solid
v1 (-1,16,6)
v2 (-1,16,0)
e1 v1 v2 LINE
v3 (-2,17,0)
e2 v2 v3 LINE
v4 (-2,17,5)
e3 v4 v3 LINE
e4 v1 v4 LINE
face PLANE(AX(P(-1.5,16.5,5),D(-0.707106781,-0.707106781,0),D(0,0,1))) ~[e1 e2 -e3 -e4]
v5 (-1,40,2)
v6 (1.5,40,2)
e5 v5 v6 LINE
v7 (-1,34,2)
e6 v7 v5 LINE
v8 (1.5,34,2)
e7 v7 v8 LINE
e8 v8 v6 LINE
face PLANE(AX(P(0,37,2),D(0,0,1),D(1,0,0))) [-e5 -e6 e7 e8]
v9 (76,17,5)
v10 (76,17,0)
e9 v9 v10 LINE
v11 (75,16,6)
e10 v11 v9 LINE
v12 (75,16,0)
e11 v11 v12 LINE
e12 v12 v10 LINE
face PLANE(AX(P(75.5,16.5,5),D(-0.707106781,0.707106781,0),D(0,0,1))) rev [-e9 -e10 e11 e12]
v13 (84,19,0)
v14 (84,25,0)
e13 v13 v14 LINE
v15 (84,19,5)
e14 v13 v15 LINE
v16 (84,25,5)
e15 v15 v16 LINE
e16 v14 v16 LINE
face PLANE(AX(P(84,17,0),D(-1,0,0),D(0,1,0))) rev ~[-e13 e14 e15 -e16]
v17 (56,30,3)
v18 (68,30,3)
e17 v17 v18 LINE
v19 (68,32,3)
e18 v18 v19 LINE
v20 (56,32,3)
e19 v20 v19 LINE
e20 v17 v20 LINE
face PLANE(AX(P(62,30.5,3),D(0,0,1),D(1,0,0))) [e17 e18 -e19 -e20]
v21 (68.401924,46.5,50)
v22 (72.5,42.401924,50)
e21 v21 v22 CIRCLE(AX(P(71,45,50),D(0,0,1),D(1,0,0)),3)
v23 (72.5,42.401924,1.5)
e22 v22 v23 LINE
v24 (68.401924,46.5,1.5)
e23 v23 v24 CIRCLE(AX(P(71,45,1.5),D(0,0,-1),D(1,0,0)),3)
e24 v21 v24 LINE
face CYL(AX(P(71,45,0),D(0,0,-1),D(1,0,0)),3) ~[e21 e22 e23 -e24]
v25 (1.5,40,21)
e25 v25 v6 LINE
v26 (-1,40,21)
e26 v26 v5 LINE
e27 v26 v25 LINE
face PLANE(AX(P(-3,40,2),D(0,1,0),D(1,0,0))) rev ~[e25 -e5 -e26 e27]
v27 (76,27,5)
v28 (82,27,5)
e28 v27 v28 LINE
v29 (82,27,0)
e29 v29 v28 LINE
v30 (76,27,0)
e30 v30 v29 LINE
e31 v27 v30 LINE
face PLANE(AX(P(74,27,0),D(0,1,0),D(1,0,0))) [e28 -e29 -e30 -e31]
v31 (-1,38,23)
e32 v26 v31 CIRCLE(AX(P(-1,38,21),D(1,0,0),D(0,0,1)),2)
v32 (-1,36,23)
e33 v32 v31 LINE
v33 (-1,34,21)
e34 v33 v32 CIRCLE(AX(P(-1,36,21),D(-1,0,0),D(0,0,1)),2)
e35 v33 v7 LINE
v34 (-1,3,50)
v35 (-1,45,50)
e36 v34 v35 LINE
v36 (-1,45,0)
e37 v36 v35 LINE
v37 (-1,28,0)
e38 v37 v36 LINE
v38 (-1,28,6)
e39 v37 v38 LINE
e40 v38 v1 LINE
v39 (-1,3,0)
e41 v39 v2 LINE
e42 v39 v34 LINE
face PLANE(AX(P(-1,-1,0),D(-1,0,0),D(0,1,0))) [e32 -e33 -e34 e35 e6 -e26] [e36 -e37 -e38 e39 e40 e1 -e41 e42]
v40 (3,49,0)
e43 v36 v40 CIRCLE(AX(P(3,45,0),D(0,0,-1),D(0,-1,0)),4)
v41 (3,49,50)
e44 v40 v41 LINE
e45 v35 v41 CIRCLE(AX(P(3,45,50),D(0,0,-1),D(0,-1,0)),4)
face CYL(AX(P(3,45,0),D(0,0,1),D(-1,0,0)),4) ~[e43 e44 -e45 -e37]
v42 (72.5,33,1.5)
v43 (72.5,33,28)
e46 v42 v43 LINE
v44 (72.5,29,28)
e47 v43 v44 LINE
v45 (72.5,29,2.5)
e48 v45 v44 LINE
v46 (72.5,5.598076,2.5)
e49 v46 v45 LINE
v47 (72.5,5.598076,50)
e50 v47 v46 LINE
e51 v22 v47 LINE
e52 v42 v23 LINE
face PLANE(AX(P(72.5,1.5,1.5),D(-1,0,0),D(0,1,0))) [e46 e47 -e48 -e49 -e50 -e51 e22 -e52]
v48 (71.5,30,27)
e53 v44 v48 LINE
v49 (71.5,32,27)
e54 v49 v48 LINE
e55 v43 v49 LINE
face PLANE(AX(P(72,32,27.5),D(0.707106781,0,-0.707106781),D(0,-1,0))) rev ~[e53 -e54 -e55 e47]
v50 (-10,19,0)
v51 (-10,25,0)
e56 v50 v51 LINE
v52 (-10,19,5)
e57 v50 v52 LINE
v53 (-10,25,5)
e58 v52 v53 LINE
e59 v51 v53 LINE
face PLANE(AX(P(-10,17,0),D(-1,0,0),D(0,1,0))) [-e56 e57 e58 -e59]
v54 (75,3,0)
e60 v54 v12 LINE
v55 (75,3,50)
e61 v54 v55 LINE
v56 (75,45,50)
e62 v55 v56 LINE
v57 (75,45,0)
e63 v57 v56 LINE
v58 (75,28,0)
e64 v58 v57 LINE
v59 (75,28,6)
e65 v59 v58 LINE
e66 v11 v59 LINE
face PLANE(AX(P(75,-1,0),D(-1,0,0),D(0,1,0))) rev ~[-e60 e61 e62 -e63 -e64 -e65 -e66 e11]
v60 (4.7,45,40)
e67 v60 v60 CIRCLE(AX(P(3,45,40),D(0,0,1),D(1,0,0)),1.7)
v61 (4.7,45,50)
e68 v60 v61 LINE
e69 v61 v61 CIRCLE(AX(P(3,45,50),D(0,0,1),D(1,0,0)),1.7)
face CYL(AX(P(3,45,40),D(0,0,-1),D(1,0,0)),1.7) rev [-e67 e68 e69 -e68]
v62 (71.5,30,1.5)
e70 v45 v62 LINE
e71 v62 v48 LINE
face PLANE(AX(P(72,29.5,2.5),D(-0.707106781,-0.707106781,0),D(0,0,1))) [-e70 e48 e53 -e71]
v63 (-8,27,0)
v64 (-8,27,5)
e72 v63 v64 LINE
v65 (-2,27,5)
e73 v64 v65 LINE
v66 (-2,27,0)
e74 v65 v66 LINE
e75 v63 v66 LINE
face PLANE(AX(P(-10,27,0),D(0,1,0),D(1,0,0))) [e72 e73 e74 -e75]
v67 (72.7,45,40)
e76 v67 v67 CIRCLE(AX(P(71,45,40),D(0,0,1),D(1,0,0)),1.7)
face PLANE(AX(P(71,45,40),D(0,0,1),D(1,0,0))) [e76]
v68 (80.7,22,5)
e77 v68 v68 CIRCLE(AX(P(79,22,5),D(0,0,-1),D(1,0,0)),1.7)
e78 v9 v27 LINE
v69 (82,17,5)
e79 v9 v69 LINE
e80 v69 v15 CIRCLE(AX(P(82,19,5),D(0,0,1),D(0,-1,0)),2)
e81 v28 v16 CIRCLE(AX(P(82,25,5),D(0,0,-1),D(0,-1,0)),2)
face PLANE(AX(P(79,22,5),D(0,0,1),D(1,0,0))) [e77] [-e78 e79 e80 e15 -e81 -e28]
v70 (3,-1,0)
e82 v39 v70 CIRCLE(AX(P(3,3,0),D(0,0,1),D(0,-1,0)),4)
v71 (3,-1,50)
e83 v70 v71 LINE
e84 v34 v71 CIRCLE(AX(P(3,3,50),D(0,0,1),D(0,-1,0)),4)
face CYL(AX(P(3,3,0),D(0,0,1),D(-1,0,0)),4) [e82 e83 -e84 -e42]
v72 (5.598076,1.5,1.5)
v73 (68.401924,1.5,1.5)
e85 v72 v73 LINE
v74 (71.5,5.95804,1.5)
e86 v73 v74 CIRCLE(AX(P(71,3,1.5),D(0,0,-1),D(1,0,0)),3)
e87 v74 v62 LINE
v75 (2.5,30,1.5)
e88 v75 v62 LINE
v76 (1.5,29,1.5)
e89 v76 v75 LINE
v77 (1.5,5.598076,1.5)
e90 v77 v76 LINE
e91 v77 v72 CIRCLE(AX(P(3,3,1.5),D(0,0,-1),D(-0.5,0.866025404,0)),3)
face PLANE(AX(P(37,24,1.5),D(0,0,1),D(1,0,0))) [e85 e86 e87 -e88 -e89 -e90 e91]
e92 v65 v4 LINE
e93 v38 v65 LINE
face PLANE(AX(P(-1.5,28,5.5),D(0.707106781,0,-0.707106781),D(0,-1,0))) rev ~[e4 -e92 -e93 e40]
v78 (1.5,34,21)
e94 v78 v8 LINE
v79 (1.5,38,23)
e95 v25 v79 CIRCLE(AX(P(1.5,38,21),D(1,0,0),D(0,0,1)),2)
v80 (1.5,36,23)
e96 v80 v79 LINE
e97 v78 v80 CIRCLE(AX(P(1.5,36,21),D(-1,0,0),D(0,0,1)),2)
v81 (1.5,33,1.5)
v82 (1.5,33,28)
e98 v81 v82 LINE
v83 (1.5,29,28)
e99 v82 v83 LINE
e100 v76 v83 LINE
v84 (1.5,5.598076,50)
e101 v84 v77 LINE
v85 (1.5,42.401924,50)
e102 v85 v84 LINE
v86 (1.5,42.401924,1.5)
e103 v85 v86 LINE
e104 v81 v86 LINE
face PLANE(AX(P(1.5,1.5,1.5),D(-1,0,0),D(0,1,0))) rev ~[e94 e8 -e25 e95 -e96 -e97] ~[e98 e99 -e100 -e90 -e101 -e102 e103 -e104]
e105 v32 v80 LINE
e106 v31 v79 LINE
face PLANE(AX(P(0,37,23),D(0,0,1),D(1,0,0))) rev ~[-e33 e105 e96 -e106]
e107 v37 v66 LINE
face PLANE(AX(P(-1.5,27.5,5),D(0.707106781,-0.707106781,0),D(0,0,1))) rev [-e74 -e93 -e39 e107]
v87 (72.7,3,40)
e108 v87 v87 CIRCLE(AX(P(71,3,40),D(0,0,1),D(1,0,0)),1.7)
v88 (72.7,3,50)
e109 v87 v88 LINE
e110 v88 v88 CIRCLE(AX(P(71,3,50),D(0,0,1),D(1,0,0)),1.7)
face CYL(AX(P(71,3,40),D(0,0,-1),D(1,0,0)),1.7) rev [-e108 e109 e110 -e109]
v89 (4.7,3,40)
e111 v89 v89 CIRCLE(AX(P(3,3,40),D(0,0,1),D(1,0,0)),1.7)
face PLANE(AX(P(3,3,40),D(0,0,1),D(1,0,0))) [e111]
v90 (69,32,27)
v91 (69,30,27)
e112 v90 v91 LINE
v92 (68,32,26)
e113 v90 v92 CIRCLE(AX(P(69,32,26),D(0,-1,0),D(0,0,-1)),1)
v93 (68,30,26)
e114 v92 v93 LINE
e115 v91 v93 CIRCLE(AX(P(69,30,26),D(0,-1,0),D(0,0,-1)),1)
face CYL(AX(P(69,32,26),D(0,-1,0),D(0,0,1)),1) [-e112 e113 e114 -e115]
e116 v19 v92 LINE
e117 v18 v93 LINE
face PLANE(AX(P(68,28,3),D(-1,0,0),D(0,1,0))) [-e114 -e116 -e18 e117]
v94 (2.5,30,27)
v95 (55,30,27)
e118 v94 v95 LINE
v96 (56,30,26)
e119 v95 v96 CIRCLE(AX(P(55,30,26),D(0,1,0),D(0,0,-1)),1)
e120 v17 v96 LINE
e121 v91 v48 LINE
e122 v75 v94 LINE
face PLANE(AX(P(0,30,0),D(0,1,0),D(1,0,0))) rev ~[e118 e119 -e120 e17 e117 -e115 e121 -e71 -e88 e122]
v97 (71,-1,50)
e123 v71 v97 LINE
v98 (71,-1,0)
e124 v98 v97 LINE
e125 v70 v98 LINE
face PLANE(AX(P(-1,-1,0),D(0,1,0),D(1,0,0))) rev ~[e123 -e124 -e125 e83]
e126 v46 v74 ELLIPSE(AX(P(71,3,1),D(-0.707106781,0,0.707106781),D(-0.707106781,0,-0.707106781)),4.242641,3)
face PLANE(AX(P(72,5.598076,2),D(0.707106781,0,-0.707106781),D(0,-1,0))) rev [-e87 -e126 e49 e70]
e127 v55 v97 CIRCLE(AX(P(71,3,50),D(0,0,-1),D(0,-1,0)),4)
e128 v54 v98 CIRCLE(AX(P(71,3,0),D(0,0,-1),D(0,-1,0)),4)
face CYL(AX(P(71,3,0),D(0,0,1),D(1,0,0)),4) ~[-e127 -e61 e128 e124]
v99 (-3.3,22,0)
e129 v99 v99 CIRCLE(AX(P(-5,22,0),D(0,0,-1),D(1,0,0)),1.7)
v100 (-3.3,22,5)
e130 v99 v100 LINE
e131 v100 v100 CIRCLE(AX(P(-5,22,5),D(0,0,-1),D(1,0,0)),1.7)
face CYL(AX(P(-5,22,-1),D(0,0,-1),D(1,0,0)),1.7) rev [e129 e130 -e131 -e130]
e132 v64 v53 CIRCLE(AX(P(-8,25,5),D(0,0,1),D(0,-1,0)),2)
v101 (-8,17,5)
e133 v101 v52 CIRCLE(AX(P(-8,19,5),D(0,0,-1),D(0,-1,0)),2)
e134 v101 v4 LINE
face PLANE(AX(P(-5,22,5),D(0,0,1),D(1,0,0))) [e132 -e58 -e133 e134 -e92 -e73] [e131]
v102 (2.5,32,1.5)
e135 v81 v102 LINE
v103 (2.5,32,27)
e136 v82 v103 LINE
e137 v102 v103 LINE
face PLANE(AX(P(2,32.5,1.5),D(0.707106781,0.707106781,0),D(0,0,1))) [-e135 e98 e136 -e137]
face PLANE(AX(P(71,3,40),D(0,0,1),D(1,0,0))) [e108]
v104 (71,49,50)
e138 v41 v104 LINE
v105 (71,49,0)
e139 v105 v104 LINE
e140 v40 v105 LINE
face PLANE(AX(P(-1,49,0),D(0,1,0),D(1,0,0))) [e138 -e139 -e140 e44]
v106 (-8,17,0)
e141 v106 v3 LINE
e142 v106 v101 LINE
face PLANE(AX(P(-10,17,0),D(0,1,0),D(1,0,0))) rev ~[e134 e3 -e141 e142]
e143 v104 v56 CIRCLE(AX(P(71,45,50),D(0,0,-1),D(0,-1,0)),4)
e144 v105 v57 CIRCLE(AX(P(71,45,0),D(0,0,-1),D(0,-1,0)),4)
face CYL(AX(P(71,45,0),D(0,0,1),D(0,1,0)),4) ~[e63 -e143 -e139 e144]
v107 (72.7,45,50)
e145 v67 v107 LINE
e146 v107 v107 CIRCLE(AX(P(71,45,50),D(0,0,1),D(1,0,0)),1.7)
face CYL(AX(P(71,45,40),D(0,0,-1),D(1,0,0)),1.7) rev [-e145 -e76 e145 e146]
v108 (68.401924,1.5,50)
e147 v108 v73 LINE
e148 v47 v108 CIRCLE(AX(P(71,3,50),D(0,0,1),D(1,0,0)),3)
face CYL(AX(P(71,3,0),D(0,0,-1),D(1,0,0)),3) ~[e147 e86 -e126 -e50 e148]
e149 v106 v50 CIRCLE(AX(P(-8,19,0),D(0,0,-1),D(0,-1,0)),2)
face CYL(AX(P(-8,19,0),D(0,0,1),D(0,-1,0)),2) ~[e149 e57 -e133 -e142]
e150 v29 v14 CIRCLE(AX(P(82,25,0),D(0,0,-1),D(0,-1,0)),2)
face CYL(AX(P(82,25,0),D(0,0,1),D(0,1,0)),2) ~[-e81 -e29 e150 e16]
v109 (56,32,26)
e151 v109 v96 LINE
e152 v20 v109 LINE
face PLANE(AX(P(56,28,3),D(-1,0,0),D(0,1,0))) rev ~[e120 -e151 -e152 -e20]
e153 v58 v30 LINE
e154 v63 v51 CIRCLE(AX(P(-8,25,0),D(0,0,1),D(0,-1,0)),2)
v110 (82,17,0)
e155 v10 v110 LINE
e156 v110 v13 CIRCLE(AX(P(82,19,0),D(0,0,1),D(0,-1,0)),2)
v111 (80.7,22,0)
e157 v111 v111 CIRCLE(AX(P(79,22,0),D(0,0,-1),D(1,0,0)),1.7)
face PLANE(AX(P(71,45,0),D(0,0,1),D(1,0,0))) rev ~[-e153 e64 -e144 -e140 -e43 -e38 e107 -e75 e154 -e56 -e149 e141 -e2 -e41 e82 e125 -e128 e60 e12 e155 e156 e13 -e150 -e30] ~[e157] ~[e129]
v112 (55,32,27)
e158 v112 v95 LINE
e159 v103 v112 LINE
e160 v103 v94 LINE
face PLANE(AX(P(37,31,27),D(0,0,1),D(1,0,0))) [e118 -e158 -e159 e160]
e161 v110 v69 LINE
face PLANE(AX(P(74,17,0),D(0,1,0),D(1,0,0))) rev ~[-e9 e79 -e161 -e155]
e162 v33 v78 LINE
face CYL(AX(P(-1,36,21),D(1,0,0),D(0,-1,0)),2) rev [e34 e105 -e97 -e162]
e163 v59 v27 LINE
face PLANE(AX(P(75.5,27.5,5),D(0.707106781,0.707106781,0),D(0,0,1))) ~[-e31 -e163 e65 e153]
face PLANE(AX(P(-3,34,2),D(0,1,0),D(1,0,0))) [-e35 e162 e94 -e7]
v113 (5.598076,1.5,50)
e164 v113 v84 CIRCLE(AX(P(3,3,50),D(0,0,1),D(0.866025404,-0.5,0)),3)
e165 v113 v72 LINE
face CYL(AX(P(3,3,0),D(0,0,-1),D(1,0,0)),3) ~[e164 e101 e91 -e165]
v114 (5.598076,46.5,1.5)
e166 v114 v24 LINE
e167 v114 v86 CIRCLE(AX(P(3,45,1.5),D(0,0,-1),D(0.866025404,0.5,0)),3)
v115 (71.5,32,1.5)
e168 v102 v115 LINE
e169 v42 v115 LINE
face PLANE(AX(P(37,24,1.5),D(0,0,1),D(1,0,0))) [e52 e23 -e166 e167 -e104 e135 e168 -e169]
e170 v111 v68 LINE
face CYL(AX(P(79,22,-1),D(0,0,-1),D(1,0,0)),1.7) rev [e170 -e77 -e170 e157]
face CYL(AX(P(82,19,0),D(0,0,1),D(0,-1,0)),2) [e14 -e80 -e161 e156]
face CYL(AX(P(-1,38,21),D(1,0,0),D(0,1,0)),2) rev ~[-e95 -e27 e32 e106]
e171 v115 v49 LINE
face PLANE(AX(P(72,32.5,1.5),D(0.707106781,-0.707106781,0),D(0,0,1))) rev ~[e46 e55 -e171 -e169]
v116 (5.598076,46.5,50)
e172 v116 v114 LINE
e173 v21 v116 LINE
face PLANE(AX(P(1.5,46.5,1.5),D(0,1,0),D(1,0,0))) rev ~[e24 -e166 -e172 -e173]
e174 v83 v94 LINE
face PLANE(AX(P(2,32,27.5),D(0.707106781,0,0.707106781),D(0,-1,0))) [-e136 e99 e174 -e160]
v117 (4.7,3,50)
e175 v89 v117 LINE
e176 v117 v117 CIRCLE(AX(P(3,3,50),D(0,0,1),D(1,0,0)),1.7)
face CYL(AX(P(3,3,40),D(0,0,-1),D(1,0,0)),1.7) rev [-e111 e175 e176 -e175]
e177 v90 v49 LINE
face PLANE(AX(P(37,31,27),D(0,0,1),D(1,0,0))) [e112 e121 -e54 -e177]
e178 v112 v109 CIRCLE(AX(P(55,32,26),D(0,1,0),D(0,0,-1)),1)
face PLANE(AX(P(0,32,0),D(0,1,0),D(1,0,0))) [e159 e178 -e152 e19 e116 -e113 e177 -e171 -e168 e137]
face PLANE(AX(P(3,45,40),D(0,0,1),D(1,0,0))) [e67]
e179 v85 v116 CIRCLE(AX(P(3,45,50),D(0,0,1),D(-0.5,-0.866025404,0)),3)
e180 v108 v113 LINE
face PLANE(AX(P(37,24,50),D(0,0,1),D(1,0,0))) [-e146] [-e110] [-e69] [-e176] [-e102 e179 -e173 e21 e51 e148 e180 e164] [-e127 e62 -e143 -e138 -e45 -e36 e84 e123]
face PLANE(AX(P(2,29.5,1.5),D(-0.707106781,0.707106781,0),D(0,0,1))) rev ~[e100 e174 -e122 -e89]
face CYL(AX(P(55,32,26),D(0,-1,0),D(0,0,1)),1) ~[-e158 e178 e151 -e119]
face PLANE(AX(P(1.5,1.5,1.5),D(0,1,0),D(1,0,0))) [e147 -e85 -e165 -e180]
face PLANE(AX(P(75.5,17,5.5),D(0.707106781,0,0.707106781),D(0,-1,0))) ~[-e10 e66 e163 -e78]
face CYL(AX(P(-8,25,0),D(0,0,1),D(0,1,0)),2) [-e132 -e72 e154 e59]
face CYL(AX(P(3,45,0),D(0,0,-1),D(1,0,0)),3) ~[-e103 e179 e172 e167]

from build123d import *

# Parameters (mm, degrees)
BOX003_W          = 6
BOX003_H          = 6
BOX003_DEPTH      = 21
BOX004_W          = 12
BOX004_H          = 5
BOX004_DEPTH      = 27
CYLINDER003_R     = 1.7
CYLINDER003_DEPTH = 10
CYLINDER005_R     = 1.7
CYLINDER005_DEPTH = 10
CYLINDER007_R     = 1.7
CYLINDER007_DEPTH = 10
CYLINDER001_R     = 1.7
CYLINDER001_DEPTH = 10
BOX001_W          = 71
BOX001_H          = 45
BOX001_DEPTH      = 50
BOX_W             = 76
BOX_H             = 50
BOX_DEPTH         = 50
CYLINDER009_R     = 1.7
CYLINDER009_DEPTH = 10
BOX006_W          = 10
BOX006_H          = 10
BOX006_DEPTH      = 5
CYLINDER008_R     = 1.7
CYLINDER008_DEPTH = 10
BOX005_W          = 10
BOX005_H          = 10
BOX005_DEPTH      = 5
CYLINDER002_R     = 3
CYLINDER002_DEPTH = 50
CYLINDER004_R     = 3
CYLINDER004_DEPTH = 50
CYLINDER006_R     = 3
CYLINDER006_DEPTH = 50
CYLINDER_R        = 3
CYLINDER_DEPTH    = 50
BOX002_W          = 74
BOX002_H          = 2
BOX002_DEPTH      = 27
CHAMFER_SIZE      = 1
CHAMFER002_SIZE   = 1
FILLET_R          = 4
CHAMFER003_SIZE   = 1
FILLET007_1_R     = 2
FILLET007_2_R     = 1


with BuildPart() as entrada_alimentacion:
    # Box003 → Box003 (new body)
    with BuildSketch(Plane(origin=(-3, 34, 2), x_dir=(1, 0, 0), z_dir=(0, 0, 1))):
        with Locations((3, 3)):
            Rectangle(BOX003_W, BOX003_H)
    extrude(amount=BOX003_DEPTH)


with BuildPart() as salida_alimentacion_para_esp:
    # Box004 → Box004 (new body)
    with BuildSketch(Plane(origin=(56, 28, 3), x_dir=(1, 0, 0), z_dir=(0, 0, 1))):
        with Locations((6, 2.5)):
            Rectangle(BOX004_W, BOX004_H)
    extrude(amount=BOX004_DEPTH)


with BuildPart() as orificio_tornillo001:
    # Cylinder003 → Cylinder003 (new body)
    with BuildSketch(Plane(origin=(71, 3, 40), x_dir=(1, 0, 0), z_dir=(0, 0, 1))):
        Circle(CYLINDER003_R)
    extrude(amount=CYLINDER003_DEPTH)


with BuildPart() as orificio_tornillo002:
    # Cylinder005 → Cylinder005 (new body)
    with BuildSketch(Plane(origin=(3, 45, 40), x_dir=(1, 0, 0), z_dir=(0, 0, 1))):
        Circle(CYLINDER005_R)
    extrude(amount=CYLINDER005_DEPTH)


with BuildPart() as orificio_tornillo003:
    # Cylinder007 → Cylinder007 (new body)
    with BuildSketch(Plane(origin=(71, 45, 40), x_dir=(1, 0, 0), z_dir=(0, 0, 1))):
        Circle(CYLINDER007_R)
    extrude(amount=CYLINDER007_DEPTH)


with BuildPart() as orificions_tornillos:
    # Cylinder001 → Cylinder001 (new body)
    with BuildSketch(Plane(origin=(3, 3, 40), x_dir=(1, 0, 0), z_dir=(0, 0, 1))):
        Circle(CYLINDER001_R)
    extrude(amount=CYLINDER001_DEPTH)

    # Fusion003: union orificio tornillo001, orificio tornillo002, orificio tornillo003
    add(orificio_tornillo001.part)
    add(orificio_tornillo002.part)
    add(orificio_tornillo003.part)


with BuildPart() as vaciado_interior:
    # Box001 → Box001 (new body)
    with BuildSketch(Plane(origin=(1.5, 1.5, 1.5), x_dir=(1, 0, 0), z_dir=(0, 0, 1))):
        with Locations((35.5, 22.5)):
            Rectangle(BOX001_W, BOX001_H)
    extrude(amount=BOX001_DEPTH)


with BuildPart() as parte_inferior:
    # Box → Box (new body)
    with BuildSketch(Plane(origin=(-1, -1, 0), x_dir=(1, 0, 0), z_dir=(0, 0, 1))):
        with Locations((38, 25)):
            Rectangle(BOX_W, BOX_H)
    extrude(amount=BOX_DEPTH)

    # Cut: cut vaciado interior
    add(vaciado_interior.part, mode=Mode.SUBTRACT)


with BuildPart() as orificio_soporte_exterior001:
    # Cylinder009 → Cylinder009 (new body)
    with BuildSketch(Plane(origin=(-5, 22, -1), x_dir=(1, 0, 0), z_dir=(0, 0, 1))):
        Circle(CYLINDER009_R)
    extrude(amount=CYLINDER009_DEPTH)


with BuildPart() as cut002:
    # Box006 → Box006 (new body)
    with BuildSketch(Plane(origin=(-10, 17, 0), x_dir=(1, 0, 0), z_dir=(0, 0, 1))):
        with Locations((5, 5)):
            Rectangle(BOX006_W, BOX006_H)
    extrude(amount=BOX006_DEPTH)

    # Cut002: cut orificio soporte exterior001
    add(orificio_soporte_exterior001.part, mode=Mode.SUBTRACT)


with BuildPart() as cut002_1:
    # Cut002 placement: moved
    add(cut002.part.moved(Location((84, 0, 0))))


with BuildPart() as orificio_soporte_exterior:
    # Cylinder008 → Cylinder008 (new body)
    with BuildSketch(Plane(origin=(-5, 22, -1), x_dir=(1, 0, 0), z_dir=(0, 0, 1))):
        Circle(CYLINDER008_R)
    extrude(amount=CYLINDER008_DEPTH)


with BuildPart() as soportes_exteriores:
    # Box005 → Box005 (new body)
    with BuildSketch(Plane(origin=(-10, 17, 0), x_dir=(1, 0, 0), z_dir=(0, 0, 1))):
        with Locations((5, 5)):
            Rectangle(BOX005_W, BOX005_H)
    extrude(amount=BOX005_DEPTH)

    # Cut001: cut orificio soporte exterior
    add(orificio_soporte_exterior.part, mode=Mode.SUBTRACT)

    # Fusion: union Cut002
    add(cut002_1.part)


with BuildPart() as soporte_tornillo001:
    # Cylinder002 → Cylinder002 (new body)
    with BuildSketch(Plane(origin=(71, 3, 0), x_dir=(1, 0, 0), z_dir=(0, 0, 1))):
        Circle(CYLINDER002_R)
    extrude(amount=CYLINDER002_DEPTH)


with BuildPart() as soporte_tornillo002:
    # Cylinder004 → Cylinder004 (new body)
    with BuildSketch(Plane(origin=(3, 45, 0), x_dir=(1, 0, 0), z_dir=(0, 0, 1))):
        Circle(CYLINDER004_R)
    extrude(amount=CYLINDER004_DEPTH)


with BuildPart() as soporte_tornillo003:
    # Cylinder006 → Cylinder006 (new body)
    with BuildSketch(Plane(origin=(71, 45, 0), x_dir=(1, 0, 0), z_dir=(0, 0, 1))):
        Circle(CYLINDER006_R)
    extrude(amount=CYLINDER006_DEPTH)


with BuildPart() as soportes_tornillos:
    # Cylinder → Cylinder (new body)
    with BuildSketch(Plane(origin=(3, 3, 0), x_dir=(1, 0, 0), z_dir=(0, 0, 1))):
        Circle(CYLINDER_R)
    extrude(amount=CYLINDER_DEPTH)

    # Fusion001: union soporte tornillo001, soporte tornillo002, soporte tornillo003
    add(soporte_tornillo001.part)
    add(soporte_tornillo002.part)
    add(soporte_tornillo003.part)


with BuildPart() as parte_inferior001:
    # Box002 → Box002 (new body)
    with BuildSketch(Plane(origin=(0, 30, 0), x_dir=(1, 0, 0), z_dir=(0, 0, 1))):
        with Locations((37, 1)):
            Rectangle(BOX002_W, BOX002_H)
    extrude(amount=BOX002_DEPTH)

    # Fusion002: union parte inferior, soportes exteriores, soportes tornillos
    add(parte_inferior.part)
    add(soportes_exteriores.part)
    add(soportes_tornillos.part)

    # Cut003: cut orificions tornillos
    add(orificions_tornillos.part, mode=Mode.SUBTRACT)

    # Cut004: cut salida alimentacion para esp
    add(salida_alimentacion_para_esp.part, mode=Mode.SUBTRACT)

    # Cut005: cut entrada alimentacion
    add(entrada_alimentacion.part, mode=Mode.SUBTRACT)

    # Chamfer
    chamfer_edges = [parte_inferior001.edges().sort_by_distance(p)[0] for p in [
        (72.5, 17.799038, 1.5),
    ]]
    chamfer(chamfer_edges, length=CHAMFER_SIZE)

    # Chamfer002
    chamfer002_edges = [parte_inferior001.edges().sort_by_distance(p)[0] for p in [
        (-1, 27, 2.5),
    ]]
    chamfer(chamfer002_edges, length=CHAMFER002_SIZE)

    # Fillet
    fillet_edges = [parte_inferior001.edges().sort_by_distance(p)[0] for p in [
        (-1, 49, 25),
        (-1, -1, 25),
        (75, 49, 25),
        (75, -1, 25),
    ]]
    fillet(fillet_edges, radius=FILLET_R)

    # Chamfer003
    chamfer003_edges = [parte_inferior001.edges().sort_by_distance(p)[0] for p in [
        (-1, 22, 5),
        (-1, 17, 2.5),
        (75, 17, 2.5),
        (75, 27, 2.5),
        (75, 22, 5),
        (72.5, 30, 14.75),
        (72.5, 31, 27),
        (72.5, 32, 14.25),
        (1.5, 30, 14.25),
        (1.5, 31, 27),
        (1.5, 32, 14.25),
    ]]
    chamfer(chamfer003_edges, length=CHAMFER003_SIZE)

    # Fillet007 1
    fillet007_1_edges = [parte_inferior001.edges().sort_by_distance(p)[0] for p in [
        (0.25, 40, 23),
        (0.25, 34, 23),
        (84, 27, 2.5),
        (84, 17, 2.5),
        (-10, 27, 2.5),
        (-10, 17, 2.5),
    ]]
    fillet(fillet007_1_edges, radius=FILLET007_1_R)

    # Fillet007 2
    fillet007_2_edges = [parte_inferior001.edges().sort_by_distance(p)[0] for p in [
        (68, 31, 27),
        (56, 31, 27),
    ]]
    fillet(fillet007_2_edges, radius=FILLET007_2_R)


solid = parte_inferior001.part
